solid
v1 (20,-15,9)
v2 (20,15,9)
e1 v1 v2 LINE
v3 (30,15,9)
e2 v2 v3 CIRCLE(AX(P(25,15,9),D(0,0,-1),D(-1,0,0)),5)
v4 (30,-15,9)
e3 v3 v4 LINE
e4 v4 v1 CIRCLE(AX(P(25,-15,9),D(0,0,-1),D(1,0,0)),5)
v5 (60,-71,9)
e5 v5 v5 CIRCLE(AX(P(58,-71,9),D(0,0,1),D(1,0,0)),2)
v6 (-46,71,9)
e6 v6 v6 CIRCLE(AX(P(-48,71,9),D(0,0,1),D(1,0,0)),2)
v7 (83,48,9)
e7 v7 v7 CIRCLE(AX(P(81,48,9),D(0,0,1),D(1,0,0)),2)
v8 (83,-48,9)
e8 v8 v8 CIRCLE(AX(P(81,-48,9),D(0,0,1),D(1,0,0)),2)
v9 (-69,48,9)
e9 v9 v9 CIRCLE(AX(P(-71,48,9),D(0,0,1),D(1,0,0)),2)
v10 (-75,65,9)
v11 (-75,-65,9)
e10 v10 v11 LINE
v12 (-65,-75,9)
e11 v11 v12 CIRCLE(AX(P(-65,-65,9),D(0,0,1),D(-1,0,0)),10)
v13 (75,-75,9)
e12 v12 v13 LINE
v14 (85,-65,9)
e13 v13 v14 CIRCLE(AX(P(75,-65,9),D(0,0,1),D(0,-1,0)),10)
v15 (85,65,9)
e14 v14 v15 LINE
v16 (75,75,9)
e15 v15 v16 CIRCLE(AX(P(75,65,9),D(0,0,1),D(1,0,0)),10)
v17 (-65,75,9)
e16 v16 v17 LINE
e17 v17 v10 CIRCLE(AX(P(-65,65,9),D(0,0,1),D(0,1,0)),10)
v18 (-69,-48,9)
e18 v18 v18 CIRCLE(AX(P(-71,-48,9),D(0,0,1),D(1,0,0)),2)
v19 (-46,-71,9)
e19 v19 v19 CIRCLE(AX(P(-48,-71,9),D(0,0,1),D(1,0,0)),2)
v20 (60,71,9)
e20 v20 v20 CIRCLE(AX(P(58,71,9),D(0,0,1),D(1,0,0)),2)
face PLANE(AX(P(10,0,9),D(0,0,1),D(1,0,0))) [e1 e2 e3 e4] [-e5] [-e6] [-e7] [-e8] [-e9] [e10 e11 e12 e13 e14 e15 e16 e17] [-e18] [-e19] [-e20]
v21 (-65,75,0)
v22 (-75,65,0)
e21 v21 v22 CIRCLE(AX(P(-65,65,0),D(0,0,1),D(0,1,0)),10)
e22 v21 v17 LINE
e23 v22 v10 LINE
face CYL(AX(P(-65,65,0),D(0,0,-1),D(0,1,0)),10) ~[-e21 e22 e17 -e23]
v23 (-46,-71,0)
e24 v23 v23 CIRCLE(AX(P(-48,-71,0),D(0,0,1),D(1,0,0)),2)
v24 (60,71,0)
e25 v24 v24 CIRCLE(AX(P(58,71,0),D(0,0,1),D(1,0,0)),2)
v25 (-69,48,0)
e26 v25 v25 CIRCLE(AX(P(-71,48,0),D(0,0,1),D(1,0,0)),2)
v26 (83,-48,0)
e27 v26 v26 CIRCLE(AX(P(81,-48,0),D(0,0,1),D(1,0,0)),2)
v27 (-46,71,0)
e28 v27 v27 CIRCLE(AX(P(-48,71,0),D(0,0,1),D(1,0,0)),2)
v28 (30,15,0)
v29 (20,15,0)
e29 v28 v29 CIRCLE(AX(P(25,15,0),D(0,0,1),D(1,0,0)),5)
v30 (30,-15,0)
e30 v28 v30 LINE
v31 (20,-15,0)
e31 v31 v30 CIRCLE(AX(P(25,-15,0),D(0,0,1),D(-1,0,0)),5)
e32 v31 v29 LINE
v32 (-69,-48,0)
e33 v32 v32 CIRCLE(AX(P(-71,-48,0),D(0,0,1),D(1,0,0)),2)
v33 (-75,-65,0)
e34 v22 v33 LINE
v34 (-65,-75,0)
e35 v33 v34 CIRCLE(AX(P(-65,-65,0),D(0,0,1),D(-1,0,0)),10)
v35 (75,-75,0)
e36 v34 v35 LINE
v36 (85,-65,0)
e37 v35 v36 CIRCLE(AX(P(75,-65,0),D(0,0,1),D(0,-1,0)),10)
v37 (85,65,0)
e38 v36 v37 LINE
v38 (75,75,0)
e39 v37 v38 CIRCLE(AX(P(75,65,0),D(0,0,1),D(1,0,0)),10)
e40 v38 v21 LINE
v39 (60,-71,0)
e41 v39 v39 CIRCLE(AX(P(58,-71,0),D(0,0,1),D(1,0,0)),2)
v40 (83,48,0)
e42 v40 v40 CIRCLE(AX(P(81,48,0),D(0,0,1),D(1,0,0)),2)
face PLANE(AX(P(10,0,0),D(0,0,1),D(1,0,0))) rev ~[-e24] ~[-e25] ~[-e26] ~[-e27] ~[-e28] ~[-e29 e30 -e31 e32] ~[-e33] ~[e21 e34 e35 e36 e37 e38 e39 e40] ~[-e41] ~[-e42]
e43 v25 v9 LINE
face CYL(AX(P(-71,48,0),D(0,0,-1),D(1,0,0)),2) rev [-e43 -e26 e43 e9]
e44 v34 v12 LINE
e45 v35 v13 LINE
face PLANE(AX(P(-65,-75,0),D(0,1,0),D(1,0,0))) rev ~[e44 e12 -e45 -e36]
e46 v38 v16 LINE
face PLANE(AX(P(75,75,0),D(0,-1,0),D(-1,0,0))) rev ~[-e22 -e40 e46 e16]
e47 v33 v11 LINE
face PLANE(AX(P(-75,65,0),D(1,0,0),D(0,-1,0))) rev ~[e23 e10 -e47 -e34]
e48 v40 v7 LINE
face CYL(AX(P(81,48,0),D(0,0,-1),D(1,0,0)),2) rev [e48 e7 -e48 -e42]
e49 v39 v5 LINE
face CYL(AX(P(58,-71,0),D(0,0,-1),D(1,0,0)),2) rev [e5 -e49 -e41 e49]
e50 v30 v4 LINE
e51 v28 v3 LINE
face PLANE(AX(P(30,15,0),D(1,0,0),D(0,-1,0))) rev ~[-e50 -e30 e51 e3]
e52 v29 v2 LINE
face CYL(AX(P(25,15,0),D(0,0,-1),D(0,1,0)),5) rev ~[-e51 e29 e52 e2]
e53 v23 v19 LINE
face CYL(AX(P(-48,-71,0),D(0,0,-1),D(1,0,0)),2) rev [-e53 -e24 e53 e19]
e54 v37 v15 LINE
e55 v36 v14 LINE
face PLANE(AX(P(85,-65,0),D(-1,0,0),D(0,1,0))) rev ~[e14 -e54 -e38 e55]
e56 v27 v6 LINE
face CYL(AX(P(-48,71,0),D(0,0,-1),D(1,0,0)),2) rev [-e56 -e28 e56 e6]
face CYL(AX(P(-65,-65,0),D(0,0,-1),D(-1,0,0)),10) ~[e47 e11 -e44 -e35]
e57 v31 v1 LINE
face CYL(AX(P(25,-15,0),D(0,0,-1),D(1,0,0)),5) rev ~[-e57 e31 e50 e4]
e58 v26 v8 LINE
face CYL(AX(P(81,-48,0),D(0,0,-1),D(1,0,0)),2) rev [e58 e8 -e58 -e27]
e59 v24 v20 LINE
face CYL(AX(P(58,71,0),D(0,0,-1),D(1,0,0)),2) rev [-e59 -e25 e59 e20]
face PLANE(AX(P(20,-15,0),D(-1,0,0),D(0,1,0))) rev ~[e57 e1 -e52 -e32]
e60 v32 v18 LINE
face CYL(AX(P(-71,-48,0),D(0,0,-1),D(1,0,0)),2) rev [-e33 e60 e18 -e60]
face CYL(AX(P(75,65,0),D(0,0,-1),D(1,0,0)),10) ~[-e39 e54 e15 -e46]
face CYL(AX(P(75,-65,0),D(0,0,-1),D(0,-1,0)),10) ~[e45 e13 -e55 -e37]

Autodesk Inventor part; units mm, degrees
ref_plane "YZ Plane" through (0, 0, 0) normal (1, 0, 0) x (0, 1, 0)
ref_plane "XZ Plane" through (0, 0, 0) normal (0, 1, 0) x (-1, 0, 0)
ref_plane "XY Plane" through (0, 0, 0) normal (0, 0, 1) x (1, 0, 0)
sketch "Schizzo1" plane through (0, 0, 0) normal (0, 0, 1) x (1, 0, 0)
  line L0 (75, -65) -> (75, 65)
  line L1 (65, 75) -> (-75, 75)
  line L2 (-85, 65) -> (-85, -65)
  line L3 (-75, -75) -> (65, -75)
  arc A0 (-85, -65) -> (-75, -75) centre (-75, -65) ccw
  arc A1 (-75, 75) -> (-85, 65) centre (-75, 65) ccw
  arc A2 (75, 65) -> (65, 75) centre (65, 65) ccw
  arc A3 (65, -75) -> (75, -65) centre (65, -65) ccw
  circle A4 centre (-81, 48) radius 2
  circle A5 centre (-81, -48) radius 2
  circle A6 centre (71, 48) radius 2
  circle A7 centre (71, -48) radius 2
  circle A8 centre (-58, -71) radius 2
  circle A9 centre (-58, 71) radius 2
  circle A10 centre (48, 71) radius 2
  circle A11 centre (48, -71) radius 2
  dimension "d32" = 10
  dimension "d42" = 4
  dimension "d43" = 4
  dimension "d45" = 4
  dimension "d46" = 4
  dimension "d53" = 4
  dimension "d54" = 4
  dimension "d55" = 4
  dimension "d56" = 4
extrude "Estrusione2" add sketch "Schizzo1" along normal blind 9
sketch "Schizzo2" plane through (0, 0, 0) normal (0, 0, -1) x (-1, 0, 0)
  line L0 (75, -65) -> (75, 65)
  line L1 (65, 75) -> (-75, 75)
  line L2 (-85, 65) -> (-85, -65)
  line L3 (-75, -75) -> (65, -75)
  circle A0 centre (0, -36) radius 2
  circle A1 centre (0, 36) radius 2
  circle A2 centre (55, -36) radius 2
  circle A3 centre (55, 36) radius 2
  circle A4 centre (-75, -36) radius 2
  circle A5 centre (-75, 36) radius 2
  arc A6 (-85, -65) -> (-75, -75) centre (-75, -65) ccw
  arc A7 (-75, 75) -> (-85, 65) centre (-75, 65) ccw
  arc A8 (75, 65) -> (65, 75) centre (65, 65) ccw
  arc A9 (65, -75) -> (75, -65) centre (65, -65) ccw
  line L4 (-25, -20) -> (-25, -20)
  line L5 (-20, -15) -> (-20, 15)
  line L6 (-25, 20) -> (-25, 20)
  line L7 (-30, 15) -> (-30, -15)
  arc A10 (-30, -15) -> (-25, -20) centre (-25, -15) ccw
  arc A11 (-25, -20) -> (-20, -15) centre (-25, -15) ccw
  arc A12 (-20, 15) -> (-25, 20) centre (-25, 15) ccw
  arc A13 (-25, 20) -> (-30, 15) centre (-25, 15) ccw
  point P0 (0, 0)
  point P1 (0, 0)
  point P2 (-25, 0)
  dimension "d64" = 4
  dimension "d65" = 4
  dimension "d66" = 4
  dimension "d67" = 4
  dimension "d68" = 4
  dimension "d69" = 4
  dimension "d70" = 10
  dimension "d71" = 5
move or copy body "Sposta corpo1" bodies to move or copy 1 copy no translate (10, 0, 0)
extrude "Estrusione3" cut sketch "Schizzo2" against normal blind 9 contours A11 A10 L7 A13 A12 L5
